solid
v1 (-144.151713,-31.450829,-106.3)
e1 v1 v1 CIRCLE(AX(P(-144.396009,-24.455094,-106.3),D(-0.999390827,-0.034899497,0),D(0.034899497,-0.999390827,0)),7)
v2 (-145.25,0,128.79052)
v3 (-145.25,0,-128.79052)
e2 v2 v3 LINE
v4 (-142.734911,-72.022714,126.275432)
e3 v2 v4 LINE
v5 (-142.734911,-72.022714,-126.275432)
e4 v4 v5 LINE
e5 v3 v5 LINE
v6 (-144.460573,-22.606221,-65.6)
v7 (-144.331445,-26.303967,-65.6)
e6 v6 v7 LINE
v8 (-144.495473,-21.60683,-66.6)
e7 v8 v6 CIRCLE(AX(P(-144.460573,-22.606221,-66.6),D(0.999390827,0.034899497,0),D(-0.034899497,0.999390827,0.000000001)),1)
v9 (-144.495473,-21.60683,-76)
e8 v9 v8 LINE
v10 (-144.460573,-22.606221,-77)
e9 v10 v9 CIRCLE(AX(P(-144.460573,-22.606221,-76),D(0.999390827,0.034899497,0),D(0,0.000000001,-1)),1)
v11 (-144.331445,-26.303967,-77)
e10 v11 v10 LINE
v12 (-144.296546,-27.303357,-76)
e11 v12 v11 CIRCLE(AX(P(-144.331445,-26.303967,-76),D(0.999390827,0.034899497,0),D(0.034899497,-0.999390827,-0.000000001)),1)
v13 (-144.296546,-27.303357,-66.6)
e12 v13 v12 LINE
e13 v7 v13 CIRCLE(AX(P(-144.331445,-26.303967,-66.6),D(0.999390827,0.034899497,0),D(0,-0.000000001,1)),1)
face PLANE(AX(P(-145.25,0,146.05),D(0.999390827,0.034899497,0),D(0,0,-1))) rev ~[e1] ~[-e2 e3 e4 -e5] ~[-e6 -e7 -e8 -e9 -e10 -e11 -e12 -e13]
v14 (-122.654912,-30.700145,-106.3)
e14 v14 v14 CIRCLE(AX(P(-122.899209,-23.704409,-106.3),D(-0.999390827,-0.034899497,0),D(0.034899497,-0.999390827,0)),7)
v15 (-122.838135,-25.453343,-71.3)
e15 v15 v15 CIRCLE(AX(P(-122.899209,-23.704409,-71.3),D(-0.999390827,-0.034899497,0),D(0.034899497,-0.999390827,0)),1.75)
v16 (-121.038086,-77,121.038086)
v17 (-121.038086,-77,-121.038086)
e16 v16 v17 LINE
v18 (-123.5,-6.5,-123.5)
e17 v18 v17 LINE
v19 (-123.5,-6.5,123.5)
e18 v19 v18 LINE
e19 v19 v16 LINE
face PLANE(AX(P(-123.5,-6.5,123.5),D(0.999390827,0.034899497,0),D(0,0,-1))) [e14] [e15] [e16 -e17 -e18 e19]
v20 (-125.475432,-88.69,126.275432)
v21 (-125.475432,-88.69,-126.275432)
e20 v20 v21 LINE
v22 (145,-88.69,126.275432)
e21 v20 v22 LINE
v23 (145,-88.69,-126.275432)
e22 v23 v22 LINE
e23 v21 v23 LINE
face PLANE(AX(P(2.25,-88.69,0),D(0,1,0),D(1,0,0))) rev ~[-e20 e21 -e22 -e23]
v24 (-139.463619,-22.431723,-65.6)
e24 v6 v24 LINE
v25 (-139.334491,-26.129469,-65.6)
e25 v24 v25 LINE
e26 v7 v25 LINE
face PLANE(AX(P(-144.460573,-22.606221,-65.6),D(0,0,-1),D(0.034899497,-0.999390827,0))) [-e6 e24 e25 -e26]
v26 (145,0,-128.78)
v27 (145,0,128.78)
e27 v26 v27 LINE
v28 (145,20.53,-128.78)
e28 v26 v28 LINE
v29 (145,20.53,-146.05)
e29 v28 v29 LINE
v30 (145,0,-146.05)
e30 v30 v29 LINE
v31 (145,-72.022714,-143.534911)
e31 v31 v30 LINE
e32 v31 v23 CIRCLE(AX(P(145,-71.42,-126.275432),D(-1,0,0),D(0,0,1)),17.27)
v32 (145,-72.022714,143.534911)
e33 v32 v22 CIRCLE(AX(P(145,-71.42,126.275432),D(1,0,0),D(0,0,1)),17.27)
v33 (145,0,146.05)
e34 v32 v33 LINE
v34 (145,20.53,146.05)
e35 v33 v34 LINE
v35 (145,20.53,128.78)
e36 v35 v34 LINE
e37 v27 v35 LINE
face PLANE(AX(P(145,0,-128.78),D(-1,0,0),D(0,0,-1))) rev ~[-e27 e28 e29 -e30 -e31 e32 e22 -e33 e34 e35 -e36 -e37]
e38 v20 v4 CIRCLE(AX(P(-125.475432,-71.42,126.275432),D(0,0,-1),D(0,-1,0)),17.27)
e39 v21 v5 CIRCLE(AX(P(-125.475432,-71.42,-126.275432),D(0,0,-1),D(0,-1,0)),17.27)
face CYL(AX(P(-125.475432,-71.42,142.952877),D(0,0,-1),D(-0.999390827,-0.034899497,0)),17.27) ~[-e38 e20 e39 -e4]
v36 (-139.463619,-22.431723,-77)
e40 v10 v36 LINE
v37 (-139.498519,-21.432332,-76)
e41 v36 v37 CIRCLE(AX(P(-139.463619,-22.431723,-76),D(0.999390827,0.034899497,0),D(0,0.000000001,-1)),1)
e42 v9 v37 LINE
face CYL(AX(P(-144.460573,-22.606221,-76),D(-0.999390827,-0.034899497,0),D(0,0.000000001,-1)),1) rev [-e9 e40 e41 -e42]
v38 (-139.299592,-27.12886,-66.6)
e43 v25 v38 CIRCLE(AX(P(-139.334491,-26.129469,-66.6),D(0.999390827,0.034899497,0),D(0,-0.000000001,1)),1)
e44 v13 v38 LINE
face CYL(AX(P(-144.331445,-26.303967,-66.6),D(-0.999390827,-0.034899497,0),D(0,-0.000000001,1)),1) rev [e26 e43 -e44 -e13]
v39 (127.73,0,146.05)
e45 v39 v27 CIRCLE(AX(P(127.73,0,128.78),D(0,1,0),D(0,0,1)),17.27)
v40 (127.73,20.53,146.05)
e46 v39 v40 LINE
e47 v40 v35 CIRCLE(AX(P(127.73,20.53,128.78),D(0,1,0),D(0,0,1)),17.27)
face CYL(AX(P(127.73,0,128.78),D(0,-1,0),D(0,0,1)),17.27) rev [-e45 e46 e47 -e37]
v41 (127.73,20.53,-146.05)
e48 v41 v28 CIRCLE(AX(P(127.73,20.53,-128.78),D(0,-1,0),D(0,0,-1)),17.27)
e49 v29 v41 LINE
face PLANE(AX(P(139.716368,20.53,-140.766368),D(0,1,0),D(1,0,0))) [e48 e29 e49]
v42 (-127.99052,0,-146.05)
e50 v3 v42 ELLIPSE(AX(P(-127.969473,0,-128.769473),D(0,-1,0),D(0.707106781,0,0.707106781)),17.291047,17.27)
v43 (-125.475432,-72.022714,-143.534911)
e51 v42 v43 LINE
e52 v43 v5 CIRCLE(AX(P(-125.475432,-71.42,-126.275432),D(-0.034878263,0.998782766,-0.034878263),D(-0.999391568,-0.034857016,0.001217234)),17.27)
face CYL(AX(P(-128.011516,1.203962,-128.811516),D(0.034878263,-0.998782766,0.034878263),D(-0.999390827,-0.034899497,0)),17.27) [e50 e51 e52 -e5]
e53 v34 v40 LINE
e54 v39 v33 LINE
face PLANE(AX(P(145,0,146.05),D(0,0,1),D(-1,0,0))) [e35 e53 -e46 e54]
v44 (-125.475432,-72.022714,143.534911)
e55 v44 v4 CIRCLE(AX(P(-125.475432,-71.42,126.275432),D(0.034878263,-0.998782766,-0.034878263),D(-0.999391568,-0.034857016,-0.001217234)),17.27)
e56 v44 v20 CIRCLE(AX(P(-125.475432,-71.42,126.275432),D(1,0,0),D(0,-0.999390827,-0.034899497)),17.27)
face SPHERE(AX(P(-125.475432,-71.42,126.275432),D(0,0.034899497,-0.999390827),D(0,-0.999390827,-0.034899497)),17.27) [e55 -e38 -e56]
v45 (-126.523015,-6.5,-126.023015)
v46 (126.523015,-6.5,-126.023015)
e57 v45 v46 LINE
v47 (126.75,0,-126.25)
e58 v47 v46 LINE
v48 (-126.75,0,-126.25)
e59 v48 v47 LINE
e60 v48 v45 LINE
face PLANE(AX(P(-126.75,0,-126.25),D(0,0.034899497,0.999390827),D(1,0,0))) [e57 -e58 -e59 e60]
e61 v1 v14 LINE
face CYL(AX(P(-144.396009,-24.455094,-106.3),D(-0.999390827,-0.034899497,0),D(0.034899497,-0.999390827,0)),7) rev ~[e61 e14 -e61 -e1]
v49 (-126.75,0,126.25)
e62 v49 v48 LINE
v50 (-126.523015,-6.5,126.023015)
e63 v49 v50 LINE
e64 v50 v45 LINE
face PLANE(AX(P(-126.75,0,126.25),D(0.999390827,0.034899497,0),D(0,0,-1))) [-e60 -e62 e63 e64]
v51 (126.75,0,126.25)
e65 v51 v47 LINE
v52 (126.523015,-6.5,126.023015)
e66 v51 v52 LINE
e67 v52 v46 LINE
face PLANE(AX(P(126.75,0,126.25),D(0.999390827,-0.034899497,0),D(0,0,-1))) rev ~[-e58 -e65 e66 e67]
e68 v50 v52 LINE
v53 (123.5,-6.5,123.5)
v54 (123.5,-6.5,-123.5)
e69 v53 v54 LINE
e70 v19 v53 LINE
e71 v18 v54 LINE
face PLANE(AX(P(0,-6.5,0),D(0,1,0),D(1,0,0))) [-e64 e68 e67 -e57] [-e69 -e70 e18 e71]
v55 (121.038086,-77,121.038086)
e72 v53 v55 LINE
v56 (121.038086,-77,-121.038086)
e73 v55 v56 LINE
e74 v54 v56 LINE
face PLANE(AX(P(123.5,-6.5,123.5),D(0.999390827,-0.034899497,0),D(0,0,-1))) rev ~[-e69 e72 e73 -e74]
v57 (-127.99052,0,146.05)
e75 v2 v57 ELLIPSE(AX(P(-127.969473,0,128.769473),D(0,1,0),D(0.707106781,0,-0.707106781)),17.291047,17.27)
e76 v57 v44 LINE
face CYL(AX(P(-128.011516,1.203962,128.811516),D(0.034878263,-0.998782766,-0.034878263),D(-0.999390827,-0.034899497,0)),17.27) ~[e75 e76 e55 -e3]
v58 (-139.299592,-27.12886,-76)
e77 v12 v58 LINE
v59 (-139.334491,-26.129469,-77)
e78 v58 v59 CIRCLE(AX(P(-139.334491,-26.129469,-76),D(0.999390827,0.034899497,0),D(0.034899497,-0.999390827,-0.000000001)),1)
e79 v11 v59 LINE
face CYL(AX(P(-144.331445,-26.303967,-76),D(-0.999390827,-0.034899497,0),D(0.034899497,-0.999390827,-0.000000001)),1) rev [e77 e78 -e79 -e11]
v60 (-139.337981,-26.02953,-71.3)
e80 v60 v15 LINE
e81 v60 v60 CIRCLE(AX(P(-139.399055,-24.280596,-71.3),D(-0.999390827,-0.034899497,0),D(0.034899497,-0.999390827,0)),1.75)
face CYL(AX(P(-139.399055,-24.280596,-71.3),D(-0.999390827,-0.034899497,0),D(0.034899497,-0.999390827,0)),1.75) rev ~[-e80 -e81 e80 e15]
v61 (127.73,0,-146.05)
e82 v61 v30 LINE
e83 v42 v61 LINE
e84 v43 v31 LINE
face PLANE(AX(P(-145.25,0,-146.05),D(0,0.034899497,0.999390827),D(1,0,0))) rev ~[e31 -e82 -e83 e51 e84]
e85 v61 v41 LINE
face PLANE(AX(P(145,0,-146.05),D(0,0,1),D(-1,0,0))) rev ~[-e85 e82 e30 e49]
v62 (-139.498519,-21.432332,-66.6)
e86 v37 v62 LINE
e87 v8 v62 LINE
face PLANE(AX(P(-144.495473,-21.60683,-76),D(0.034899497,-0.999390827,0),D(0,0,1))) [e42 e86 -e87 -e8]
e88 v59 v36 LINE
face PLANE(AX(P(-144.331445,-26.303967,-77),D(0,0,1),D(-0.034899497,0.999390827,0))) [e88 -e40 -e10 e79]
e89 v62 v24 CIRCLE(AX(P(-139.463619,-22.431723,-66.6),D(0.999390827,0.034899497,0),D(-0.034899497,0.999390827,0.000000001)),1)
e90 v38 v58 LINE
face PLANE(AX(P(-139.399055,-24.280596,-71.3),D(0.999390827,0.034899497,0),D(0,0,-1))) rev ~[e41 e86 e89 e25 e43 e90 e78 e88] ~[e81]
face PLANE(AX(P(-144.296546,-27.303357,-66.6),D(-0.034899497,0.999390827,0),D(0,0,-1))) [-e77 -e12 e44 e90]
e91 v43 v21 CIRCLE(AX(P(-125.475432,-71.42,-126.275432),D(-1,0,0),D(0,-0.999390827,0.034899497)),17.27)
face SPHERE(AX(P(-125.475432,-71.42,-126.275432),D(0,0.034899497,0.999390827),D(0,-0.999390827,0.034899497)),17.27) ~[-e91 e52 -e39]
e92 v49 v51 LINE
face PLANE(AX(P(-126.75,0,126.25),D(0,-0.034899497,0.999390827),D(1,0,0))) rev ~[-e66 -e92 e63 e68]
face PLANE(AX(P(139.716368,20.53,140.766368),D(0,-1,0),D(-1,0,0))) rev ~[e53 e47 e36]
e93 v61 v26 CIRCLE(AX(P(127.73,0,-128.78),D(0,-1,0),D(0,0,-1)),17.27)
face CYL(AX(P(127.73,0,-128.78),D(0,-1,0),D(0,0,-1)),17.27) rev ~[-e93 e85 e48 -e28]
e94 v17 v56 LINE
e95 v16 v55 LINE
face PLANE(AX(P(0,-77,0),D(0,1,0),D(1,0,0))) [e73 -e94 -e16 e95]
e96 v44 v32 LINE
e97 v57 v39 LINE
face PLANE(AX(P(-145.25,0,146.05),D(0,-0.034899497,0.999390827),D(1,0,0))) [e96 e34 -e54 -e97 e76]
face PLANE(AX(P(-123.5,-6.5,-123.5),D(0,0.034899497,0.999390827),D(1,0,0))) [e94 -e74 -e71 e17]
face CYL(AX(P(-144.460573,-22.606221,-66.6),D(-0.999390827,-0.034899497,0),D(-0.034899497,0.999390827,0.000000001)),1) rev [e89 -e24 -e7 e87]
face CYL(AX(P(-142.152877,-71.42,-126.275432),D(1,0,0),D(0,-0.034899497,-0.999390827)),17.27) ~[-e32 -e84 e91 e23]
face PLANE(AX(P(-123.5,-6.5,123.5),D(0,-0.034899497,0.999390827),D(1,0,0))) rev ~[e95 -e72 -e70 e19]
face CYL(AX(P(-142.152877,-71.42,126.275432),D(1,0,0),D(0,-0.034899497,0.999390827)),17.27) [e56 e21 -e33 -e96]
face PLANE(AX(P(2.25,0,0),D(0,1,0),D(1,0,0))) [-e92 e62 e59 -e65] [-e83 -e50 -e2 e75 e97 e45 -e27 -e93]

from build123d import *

# Parameters (mm, degrees)
SKETCH1_W               = 295
SKETCH1_H               = 292.1
BOSS_EXTRUDE1_DEPTH     = 88.69
BOSS_EXTRUDE1_DRAFT     = -2
SKETCH3_W               = 253.5
SKETCH3_H               = 252.5
CUT_EXTRUDE3_DEPTH      = 6.5
CUT_EXTRUDE3_DRAFT      = -2
SKETCH5_W               = 247
SKETCH5_H               = 247
CUT_EXTRUDE4_DEPTH      = 70.5
CUT_EXTRUDE4_DRAFT      = -2
CUT_EXTRUDE5_DEPTH      = 228.203831614
CUT_EXTRUDE5_DEPTH_BACK = 228.203831614
FILLET2_R               = 17.27
BOSS_EXTRUDE2_DEPTH     = 20.53
CUT_EXTRUDE6_REACH      = 337.359
SKETCH8_R               = 7
CUT_EXTRUDE7_DEPTH      = 5
CUT_EXTRUDE8_REACH      = 333.091
SKETCH9_R               = 1.75


with BuildPart() as part:
    # Sketch1 → Boss-Extrude1 (with draft: the straight prism first)
    with BuildSketch(Plane(origin=(0, 0, 0), x_dir=(1, 0, 0), z_dir=(0, 1, 0))):
        with Locations((2.25, 0)):
            Rectangle(SKETCH1_W, SKETCH1_H)
    extrude(amount=-BOSS_EXTRUDE1_DEPTH)
    # Boss-Extrude1: the draft: its side faces are tilted about the plane it starts from
    boss_extrude1_sides = [part.faces().sort_by_distance(p)[0] for p in [
        (2.25, -44.345, 146.05),
        (149.75, -44.345, 0),
        (2.25, -44.345, -146.05),
        (-145.25, -44.345, 0),
    ]]
    draft(boss_extrude1_sides, Plane(origin=(0, 0, 0), x_dir=(1, 0, 0), z_dir=(0, 1, 0)), BOSS_EXTRUDE1_DRAFT)


with BuildPart() as cut_extrude3_tool:
    # Sketch3 → Cut-Extrude3 (with draft: the straight prism first)
    with BuildSketch(Plane(origin=(0, 0, 0), x_dir=(1, 0, 0), z_dir=(0, 1, 0))):
        Rectangle(SKETCH3_W, SKETCH3_H)
    extrude(amount=-CUT_EXTRUDE3_DEPTH)
    # Cut-Extrude3: the draft: its side faces are tilted about the plane it starts from
    cut_extrude3_sides = [cut_extrude3_tool.faces().sort_by_distance(p)[0] for p in [
        (0, -3.25, 126.25),
        (126.75, -3.25, 0),
        (0, -3.25, -126.25),
        (-126.75, -3.25, 0),
    ]]
    draft(cut_extrude3_sides, Plane(origin=(0, 0, 0), x_dir=(1, 0, 0), z_dir=(0, 1, 0)), CUT_EXTRUDE3_DRAFT)


with BuildPart() as part_1:
    add(part.part)

    # Cut-Extrude3: cut by cut_extrude3_tool
    add(cut_extrude3_tool.part, mode=Mode.SUBTRACT)


with BuildPart() as cut_extrude4_tool:
    # Sketch5 → Cut-Extrude4 (with draft: the straight prism first)
    with BuildSketch(Plane(origin=(0, -6.5, 0), x_dir=(1, 0, 0), z_dir=(0, 1, 0))):
        Rectangle(SKETCH5_W, SKETCH5_H)
    extrude(amount=-CUT_EXTRUDE4_DEPTH)
    # Cut-Extrude4: the draft: its side faces are tilted about the plane it starts from
    cut_extrude4_sides = [cut_extrude4_tool.faces().sort_by_distance(p)[0] for p in [
        (0, -41.75, 123.5),
        (123.5, -41.75, 0),
        (0, -41.75, -123.5),
        (-123.5, -41.75, 0),
    ]]
    draft(cut_extrude4_sides, Plane(origin=(0, -6.5, 0), x_dir=(1, 0, 0), z_dir=(0, 1, 0)), CUT_EXTRUDE4_DRAFT)


with BuildPart() as part_2:
    add(part_1.part)

    # Cut-Extrude4: cut by cut_extrude4_tool
    add(cut_extrude4_tool.part, mode=Mode.SUBTRACT)

    # Sketch6 → Cut-Extrude5 (cut, two sides: drawn at the far end of the back side and taken through both)
    with BuildSketch(Plane.XY.offset(-CUT_EXTRUDE5_DEPTH_BACK)):
        Polygon((149.75, 0), (145, 0), (145, -88.69), (146.652876954, -88.69), align=None)
    extrude(amount=CUT_EXTRUDE5_DEPTH + CUT_EXTRUDE5_DEPTH_BACK, mode=Mode.SUBTRACT)

    # Fillet2
    fillet2_edges = [part_2.edges().sort_by_distance(p)[0] for p in [
        (1.423561523, -88.69, -142.952876954),
        (-143.701438477, -44.345, -144.501438477),
        (-142.152876954, -88.69, 0),
        (-143.701438477, -44.345, 144.501438477),
        (1.423561523, -88.69, 142.952876954),
    ]]
    fillet(fillet2_edges, radius=FILLET2_R)

    # Sketch7 → Boss-Extrude2 (add)
    with BuildSketch(Plane(origin=(0, 0, 0), x_dir=(1, 0, 0), z_dir=(0, 1, 0))):
        with BuildLine():
            Line((145, 128.78), (145, 146.05))
            Line((145, 146.05), (127.73, 146.05))
            ThreePointArc((127.73, 146.05), (139.941734111, 140.991734111), (145, 128.78))
        make_face()
        with BuildLine():
            Line((145, -146.05), (127.73, -146.05))
            ThreePointArc((127.73, -146.05), (139.941734111, -140.991734111), (145, -128.78))
            Line((145, -128.78), (145, -146.05))
        make_face()
    extrude(amount=BOSS_EXTRUDE2_DEPTH)

    # Sketch8 → Cut-Extrude6 (cut, up to next)
    with BuildSketch(Plane(origin=(-145.07308915, -5.066063906, 0), x_dir=(0, 0, 1), z_dir=(-0.9993908270190958, -0.03489949670250105, 0)), mode=Mode.PRIVATE) as cut_extrude6_sk1:
        with Locations((-106.3, -19.400848104)):
            Circle(SKETCH8_R)
    cut_extrude6_tool1 = extrude(cut_extrude6_sk1.sketch, amount=-CUT_EXTRUDE6_REACH, mode=Mode.PRIVATE) & part_2.part
    add(cut_extrude6_tool1.solids().sort_by_distance((-144.396009, -24.455094, -106.3))[0], mode=Mode.SUBTRACT)

    # Sketch8<3> → Cut-Extrude7 (cut)
    with BuildSketch(Plane(origin=(-145.07308915, -5.066063906, 0), x_dir=(0, 0, 1), z_dir=(-0.9993908270190958, -0.03489949670250105, 0))):
        with BuildLine():
            ThreePointArc((-77, -21.250848104), (-76.707106781, -21.957954885), (-76, -22.250848104))
            Line((-76, -22.250848104), (-66.6, -22.250848104))
            ThreePointArc((-66.6, -22.250848104), (-65.892893219, -21.957954885), (-65.6, -21.250848104))
            Line((-65.6, -21.250848104), (-65.6, -17.550848104))
            ThreePointArc((-65.6, -17.550848104), (-65.892893219, -16.843741323), (-66.6, -16.550848104))
            Line((-66.6, -16.550848104), (-76, -16.550848104))
            ThreePointArc((-76, -16.550848104), (-76.707106781, -16.843741323), (-77, -17.550848104))
            Line((-77, -17.550848104), (-77, -21.250848104))
        make_face()
    extrude(amount=-CUT_EXTRUDE7_DEPTH, mode=Mode.SUBTRACT)

    # Sketch9 → Cut-Extrude8 (cut, up to next)
    with BuildSketch(Plane(origin=(-140.076135015, -4.891566422, 0), x_dir=(0, 0, 1), z_dir=(-0.9993908270190958, -0.03489949670250113, 0)), mode=Mode.PRIVATE) as cut_extrude8_sk1:
        with Locations((-71.3, -19.400848104)):
            Circle(SKETCH9_R)
    cut_extrude8_tool1 = extrude(cut_extrude8_sk1.sketch, amount=-CUT_EXTRUDE8_REACH, mode=Mode.PRIVATE) & part_2.part
    add(cut_extrude8_tool1.solids().sort_by_distance((-139.399055, -24.280596, -71.3))[0], mode=Mode.SUBTRACT)


solid = part_2.part
